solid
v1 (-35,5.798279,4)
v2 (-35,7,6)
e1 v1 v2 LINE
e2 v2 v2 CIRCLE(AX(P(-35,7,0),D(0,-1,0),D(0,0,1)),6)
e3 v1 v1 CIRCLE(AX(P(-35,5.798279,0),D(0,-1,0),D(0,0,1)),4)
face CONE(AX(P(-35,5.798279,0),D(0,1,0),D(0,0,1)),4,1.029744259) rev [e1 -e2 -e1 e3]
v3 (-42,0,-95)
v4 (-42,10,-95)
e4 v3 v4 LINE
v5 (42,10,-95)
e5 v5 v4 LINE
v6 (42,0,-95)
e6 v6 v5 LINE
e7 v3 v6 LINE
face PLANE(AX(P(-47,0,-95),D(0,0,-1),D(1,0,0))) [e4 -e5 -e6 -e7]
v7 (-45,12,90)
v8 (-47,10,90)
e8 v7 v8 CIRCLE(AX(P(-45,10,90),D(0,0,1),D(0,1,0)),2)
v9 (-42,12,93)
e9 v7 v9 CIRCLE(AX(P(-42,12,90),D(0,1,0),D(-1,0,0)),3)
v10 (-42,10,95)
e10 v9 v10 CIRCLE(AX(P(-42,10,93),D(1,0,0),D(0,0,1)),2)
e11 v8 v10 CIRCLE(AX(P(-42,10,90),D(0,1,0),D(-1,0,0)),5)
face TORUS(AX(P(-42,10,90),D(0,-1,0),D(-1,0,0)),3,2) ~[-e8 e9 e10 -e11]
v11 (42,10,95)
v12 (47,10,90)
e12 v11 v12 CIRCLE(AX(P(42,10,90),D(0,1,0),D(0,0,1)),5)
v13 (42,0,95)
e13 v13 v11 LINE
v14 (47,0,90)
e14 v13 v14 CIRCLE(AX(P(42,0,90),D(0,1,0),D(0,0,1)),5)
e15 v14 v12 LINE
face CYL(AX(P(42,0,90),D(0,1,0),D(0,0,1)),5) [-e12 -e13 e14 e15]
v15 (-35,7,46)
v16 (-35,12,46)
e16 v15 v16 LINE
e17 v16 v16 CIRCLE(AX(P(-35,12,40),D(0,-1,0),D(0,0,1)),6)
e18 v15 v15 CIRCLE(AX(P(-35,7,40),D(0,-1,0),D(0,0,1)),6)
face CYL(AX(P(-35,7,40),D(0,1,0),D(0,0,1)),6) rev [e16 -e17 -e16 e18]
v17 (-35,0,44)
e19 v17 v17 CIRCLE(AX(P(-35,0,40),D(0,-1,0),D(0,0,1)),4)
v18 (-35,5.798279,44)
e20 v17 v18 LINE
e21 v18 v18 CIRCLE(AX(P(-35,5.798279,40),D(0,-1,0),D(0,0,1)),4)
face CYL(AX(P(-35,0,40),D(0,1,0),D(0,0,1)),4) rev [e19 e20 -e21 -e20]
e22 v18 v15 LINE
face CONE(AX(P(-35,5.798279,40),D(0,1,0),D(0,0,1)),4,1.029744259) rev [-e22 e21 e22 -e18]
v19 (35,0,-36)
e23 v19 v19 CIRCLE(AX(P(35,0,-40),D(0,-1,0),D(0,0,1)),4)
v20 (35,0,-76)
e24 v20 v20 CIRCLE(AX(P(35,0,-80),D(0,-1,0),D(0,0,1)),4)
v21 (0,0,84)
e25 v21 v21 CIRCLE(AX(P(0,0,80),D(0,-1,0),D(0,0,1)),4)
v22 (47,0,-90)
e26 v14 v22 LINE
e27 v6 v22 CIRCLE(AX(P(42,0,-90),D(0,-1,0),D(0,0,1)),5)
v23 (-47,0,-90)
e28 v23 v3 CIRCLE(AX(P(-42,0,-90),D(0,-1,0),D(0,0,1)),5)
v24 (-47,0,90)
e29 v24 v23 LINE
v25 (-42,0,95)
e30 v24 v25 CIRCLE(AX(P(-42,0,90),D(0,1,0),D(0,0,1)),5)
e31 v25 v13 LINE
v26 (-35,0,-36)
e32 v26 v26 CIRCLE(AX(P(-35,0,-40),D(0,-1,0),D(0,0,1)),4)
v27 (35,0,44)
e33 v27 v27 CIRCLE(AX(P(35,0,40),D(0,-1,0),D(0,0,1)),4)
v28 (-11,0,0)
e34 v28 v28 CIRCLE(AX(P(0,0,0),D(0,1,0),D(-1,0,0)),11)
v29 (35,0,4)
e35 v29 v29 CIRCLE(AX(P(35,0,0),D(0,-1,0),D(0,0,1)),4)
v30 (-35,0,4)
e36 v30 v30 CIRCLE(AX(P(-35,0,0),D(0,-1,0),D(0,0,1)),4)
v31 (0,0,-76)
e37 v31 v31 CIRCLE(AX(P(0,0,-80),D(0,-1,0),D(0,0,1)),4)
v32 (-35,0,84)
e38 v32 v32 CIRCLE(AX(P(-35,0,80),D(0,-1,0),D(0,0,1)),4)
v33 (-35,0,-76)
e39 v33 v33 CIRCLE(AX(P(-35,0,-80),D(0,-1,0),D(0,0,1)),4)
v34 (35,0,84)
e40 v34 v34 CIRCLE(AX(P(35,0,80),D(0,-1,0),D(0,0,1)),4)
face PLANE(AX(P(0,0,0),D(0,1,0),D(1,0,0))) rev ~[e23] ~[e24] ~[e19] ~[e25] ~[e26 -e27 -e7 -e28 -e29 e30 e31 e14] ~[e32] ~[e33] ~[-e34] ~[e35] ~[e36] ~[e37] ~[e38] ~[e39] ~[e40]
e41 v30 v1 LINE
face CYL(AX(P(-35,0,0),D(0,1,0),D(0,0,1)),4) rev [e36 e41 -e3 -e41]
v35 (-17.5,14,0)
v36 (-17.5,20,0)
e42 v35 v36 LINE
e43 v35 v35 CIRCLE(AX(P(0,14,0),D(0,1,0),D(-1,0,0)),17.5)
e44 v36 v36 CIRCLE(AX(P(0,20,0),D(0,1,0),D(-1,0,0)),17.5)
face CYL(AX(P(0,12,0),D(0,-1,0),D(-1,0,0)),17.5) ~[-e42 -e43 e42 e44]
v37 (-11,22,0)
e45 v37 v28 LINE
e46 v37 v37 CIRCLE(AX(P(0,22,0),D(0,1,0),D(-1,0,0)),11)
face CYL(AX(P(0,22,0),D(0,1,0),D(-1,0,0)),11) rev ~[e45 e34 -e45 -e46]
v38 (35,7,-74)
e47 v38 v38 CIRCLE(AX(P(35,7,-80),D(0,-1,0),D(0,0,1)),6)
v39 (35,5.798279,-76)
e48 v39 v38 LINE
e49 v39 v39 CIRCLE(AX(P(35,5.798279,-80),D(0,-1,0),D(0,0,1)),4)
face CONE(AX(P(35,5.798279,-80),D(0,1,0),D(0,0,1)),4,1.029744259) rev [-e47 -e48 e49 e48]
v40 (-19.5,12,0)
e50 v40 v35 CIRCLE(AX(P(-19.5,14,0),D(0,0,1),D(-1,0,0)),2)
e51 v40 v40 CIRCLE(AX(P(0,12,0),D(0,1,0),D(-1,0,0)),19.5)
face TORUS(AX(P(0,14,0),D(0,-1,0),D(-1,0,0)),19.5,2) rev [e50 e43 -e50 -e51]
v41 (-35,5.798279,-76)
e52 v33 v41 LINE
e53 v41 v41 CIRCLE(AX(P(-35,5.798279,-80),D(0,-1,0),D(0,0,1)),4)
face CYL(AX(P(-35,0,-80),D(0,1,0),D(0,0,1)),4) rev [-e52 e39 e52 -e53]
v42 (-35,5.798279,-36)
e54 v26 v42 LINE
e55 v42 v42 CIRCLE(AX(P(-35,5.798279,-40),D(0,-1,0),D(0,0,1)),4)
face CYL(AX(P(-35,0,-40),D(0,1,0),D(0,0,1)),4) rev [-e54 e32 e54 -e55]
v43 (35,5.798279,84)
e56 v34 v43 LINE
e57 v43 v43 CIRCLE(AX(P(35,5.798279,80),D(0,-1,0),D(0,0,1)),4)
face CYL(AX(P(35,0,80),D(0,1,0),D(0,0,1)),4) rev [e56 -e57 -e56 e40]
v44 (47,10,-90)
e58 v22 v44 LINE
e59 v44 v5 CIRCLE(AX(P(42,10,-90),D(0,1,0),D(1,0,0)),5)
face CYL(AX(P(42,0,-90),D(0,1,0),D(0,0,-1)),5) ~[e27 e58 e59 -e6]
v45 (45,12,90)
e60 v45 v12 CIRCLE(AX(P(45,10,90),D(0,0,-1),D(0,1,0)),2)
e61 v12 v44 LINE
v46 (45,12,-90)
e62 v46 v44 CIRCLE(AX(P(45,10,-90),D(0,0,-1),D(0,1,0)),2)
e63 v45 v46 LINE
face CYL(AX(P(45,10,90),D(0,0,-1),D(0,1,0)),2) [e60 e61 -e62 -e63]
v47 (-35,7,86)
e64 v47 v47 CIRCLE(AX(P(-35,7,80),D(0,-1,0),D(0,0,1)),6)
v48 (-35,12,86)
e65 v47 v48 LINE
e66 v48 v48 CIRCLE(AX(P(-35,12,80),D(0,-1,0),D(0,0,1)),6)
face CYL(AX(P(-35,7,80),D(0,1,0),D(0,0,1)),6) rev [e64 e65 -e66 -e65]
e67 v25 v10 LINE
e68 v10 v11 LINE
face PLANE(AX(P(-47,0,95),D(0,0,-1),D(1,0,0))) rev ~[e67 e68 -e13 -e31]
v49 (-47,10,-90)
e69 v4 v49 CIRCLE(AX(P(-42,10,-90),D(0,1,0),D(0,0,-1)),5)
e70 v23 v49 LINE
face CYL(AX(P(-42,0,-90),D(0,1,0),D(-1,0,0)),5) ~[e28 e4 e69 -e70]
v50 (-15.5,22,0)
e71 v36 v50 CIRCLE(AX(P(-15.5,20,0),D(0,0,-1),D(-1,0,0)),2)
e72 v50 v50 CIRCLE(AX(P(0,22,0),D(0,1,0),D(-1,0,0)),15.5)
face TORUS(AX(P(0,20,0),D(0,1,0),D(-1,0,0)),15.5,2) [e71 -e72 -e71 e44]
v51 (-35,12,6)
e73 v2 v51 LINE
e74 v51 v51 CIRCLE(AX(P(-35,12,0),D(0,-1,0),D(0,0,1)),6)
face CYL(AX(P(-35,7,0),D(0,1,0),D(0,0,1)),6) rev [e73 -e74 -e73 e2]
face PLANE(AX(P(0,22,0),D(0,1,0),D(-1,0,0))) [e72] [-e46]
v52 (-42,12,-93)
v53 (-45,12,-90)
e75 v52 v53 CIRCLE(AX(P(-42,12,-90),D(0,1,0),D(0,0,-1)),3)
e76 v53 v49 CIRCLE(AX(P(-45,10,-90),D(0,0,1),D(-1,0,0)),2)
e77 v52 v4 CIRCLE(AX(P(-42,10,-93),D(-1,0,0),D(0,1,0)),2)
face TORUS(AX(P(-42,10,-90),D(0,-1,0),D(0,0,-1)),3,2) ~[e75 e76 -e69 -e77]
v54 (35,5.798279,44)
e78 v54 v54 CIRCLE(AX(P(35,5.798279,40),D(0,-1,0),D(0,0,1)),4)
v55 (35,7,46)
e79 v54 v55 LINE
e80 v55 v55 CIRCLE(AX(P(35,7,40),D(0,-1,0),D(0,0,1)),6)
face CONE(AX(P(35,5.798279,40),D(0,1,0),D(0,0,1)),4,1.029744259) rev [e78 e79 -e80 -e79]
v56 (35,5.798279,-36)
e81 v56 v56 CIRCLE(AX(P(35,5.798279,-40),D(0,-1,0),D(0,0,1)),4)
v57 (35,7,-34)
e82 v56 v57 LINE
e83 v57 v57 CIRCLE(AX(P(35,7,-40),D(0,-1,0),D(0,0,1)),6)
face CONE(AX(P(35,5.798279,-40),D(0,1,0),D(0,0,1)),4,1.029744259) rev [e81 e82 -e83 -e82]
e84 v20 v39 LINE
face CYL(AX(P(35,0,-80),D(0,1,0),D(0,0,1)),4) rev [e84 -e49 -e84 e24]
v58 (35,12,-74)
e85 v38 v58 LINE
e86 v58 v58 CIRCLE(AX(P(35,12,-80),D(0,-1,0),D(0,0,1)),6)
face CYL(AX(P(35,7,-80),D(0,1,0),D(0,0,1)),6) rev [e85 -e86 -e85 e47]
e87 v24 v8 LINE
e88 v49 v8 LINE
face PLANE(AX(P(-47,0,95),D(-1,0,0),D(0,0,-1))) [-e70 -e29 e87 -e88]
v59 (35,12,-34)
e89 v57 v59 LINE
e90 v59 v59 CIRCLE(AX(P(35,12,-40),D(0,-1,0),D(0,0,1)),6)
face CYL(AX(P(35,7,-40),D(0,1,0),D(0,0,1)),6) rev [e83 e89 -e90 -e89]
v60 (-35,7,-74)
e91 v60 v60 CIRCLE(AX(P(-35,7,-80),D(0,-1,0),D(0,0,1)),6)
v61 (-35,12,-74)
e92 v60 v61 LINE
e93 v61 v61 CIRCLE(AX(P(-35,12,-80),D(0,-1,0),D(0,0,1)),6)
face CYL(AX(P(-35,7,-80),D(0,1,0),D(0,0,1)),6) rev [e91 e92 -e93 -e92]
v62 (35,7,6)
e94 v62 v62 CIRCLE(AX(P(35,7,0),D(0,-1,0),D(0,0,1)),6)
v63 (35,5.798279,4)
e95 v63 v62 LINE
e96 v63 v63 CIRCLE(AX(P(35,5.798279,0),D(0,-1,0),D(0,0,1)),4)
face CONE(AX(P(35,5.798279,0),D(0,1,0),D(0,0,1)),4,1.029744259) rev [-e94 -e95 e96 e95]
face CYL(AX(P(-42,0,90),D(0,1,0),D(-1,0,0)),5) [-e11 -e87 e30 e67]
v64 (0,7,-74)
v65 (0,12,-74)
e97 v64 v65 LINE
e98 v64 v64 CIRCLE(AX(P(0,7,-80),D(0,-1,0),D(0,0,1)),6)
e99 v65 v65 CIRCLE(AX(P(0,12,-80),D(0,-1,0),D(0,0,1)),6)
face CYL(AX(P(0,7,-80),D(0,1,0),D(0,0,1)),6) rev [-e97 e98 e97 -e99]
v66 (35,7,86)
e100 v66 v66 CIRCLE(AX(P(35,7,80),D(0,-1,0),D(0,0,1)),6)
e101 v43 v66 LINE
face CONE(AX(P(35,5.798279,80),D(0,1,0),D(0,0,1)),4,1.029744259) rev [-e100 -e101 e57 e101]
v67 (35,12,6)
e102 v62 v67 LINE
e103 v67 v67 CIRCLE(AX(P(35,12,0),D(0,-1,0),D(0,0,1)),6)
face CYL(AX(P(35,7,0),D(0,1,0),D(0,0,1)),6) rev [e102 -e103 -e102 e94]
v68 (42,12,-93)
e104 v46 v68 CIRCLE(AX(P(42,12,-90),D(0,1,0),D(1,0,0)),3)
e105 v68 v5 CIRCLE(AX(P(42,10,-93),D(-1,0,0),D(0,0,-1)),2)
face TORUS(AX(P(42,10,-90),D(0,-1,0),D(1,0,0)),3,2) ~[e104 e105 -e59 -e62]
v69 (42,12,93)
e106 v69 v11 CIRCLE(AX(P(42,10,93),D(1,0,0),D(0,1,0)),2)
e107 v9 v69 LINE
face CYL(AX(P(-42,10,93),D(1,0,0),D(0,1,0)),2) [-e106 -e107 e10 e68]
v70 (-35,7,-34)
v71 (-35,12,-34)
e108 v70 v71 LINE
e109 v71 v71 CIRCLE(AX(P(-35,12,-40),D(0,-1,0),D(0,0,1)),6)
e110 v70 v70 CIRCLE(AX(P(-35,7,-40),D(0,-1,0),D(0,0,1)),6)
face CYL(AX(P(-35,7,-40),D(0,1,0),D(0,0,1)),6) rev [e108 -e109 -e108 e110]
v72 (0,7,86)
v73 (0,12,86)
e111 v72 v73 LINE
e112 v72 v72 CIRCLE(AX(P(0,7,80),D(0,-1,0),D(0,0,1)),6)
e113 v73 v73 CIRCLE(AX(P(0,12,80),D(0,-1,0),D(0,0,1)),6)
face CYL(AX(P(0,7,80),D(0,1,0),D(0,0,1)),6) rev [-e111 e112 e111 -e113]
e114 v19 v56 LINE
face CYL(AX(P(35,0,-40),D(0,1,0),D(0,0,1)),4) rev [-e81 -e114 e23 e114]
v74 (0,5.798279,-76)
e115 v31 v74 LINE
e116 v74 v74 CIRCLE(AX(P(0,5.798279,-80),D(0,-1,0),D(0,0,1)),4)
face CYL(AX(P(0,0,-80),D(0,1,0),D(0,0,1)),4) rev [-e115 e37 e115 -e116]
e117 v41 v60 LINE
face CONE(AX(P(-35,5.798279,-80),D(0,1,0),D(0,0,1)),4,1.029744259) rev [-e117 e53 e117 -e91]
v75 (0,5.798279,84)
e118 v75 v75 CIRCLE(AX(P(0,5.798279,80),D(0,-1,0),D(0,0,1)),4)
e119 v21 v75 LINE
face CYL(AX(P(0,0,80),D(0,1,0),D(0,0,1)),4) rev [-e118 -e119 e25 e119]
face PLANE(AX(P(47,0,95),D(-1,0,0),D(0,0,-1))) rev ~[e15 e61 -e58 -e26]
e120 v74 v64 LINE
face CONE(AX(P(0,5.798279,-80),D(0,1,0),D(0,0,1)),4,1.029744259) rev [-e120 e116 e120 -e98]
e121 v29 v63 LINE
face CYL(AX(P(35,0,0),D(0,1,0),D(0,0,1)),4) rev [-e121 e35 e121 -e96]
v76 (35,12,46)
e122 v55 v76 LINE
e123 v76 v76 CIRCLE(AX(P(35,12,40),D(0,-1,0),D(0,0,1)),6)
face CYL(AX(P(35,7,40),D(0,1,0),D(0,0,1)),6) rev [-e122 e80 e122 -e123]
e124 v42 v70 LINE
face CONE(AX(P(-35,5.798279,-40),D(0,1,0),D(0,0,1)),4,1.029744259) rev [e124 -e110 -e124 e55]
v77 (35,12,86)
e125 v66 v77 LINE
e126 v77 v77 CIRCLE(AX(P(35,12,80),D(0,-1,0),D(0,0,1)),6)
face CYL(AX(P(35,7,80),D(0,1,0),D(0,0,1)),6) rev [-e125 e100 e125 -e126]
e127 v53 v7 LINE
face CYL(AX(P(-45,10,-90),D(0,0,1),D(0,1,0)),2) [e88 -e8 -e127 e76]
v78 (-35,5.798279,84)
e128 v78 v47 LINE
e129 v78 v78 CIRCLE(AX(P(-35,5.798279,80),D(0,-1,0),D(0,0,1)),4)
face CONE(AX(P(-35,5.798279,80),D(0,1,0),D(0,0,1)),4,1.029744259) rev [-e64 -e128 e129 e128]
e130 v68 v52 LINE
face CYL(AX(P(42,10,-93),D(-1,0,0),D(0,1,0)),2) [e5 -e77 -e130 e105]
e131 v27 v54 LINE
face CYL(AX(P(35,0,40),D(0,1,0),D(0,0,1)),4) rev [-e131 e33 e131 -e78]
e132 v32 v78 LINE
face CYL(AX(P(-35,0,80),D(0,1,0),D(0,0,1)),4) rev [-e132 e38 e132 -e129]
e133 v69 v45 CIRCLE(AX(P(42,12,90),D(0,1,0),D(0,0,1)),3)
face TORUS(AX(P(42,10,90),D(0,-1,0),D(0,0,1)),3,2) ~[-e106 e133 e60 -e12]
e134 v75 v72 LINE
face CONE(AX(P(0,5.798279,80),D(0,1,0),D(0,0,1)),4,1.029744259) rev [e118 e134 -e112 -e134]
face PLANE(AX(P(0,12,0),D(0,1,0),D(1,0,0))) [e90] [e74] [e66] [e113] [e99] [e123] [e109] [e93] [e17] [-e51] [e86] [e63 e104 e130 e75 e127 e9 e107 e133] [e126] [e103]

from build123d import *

# Parameters (mm, degrees)
SKETCH1_W            = 94
SKETCH1_H            = 190
PLATE_DEPTH          = 12
SKETCH2_R            = 17.5
BOSS_DEPTH           = 10
SKETCH3_R            = 11
CENTER_HOLE_DEPTH    = 23
FILLET_R5_R          = 5
FILLET_R2_R          = 2
LPATTERN1_COUNT      = 5
LPATTERN1_PITCH      = 40
LPATTERN1_COUNT_DIR2 = 2
LPATTERN1_PITCH_DIR2 = 70
LPATTERN2_COUNT      = 2
LPATTERN2_PITCH      = 35


with BuildPart() as part:
    # Sketch1 → plate (new body)
    with BuildSketch(Plane(origin=(0, 0, 0), x_dir=(1, 0, 0), z_dir=(0, 1, 0))):
        Rectangle(SKETCH1_W, SKETCH1_H)
    extrude(amount=PLATE_DEPTH)

    # Sketch2 → boss (add)
    with BuildSketch(Plane(origin=(0, 12, 0), x_dir=(-1, 0, 0), z_dir=(0, 1, 0))):
        Circle(SKETCH2_R)
    extrude(amount=BOSS_DEPTH)

    # Sketch3 → center hole (cut, through all)
    with BuildSketch(Plane(origin=(0, 22, 0), x_dir=(-1, 0, 0), z_dir=(0, 1, 0))):
        Circle(SKETCH3_R)
    extrude(amount=-CENTER_HOLE_DEPTH, mode=Mode.SUBTRACT)

    # Sketch4 → pattern hole (revolve, cut)
    with BuildSketch(Plane(origin=(-35, 12, 80), x_dir=(0, 0, 1), z_dir=(1, 0, 0))):
        Polygon((0, 0), (0, 12), (4, 12), (4, 6.201721238), (6, 5), (6, 0), align=None)
    pattern_hole = revolve(axis=Axis((-35, 18.130023899, 80), (0, -1, 0)), mode=Mode.SUBTRACT)

    # Fillet R5
    fillet_r5_edges = [part.edges().sort_by_distance(p)[0] for p in [
        (-47, 6, -95),
        (47, 6, -95),
        (47, 6, 95),
        (-47, 6, 95),
    ]]
    fillet(fillet_r5_edges, radius=FILLET_R5_R)

    # Fillet R2
    fillet_r2_edges = [part.edges().sort_by_distance(p)[0] for p in [
        (17.5, 12, 0),
        (17.5, 22, 0),
        (47, 12, 0),
        (0, 12, 95),
        (-47, 12, 0),
        (0, 12, -95),
        (45.535533906, 12, -93.535533906),
        (-45.535533906, 12, -93.535533906),
        (-45.535533906, 12, 93.535533906),
        (45.535533906, 12, 93.535533906),
    ]]
    fillet(fillet_r2_edges, radius=FILLET_R2_R)

    # LPattern1: pattern hole 5 × 2
    with Locations(*[(j * LPATTERN1_PITCH_DIR2, 0, -i * LPATTERN1_PITCH) for i in range(LPATTERN1_COUNT) for j in range(LPATTERN1_COUNT_DIR2) if (i, j) != (0, 0)]):
        add(pattern_hole, mode=Mode.SUBTRACT)

    # LPattern2: pattern hole ×2
    with Locations(*[(i * LPATTERN2_PITCH, 0, 0) for i in range(1, LPATTERN2_COUNT)]):
        add(pattern_hole, mode=Mode.SUBTRACT)

    # LPattern3 copy 1 sketch → LPattern3 copy 1 (revolve, cut)
    with BuildSketch(Plane(origin=(0, 12, -80), x_dir=(0, 0, 1), z_dir=(1, 0, 0))):
        Polygon((0, 0), (0, 12), (4, 12), (4, 6.201721238), (6, 5), (6, 0), align=None)
    revolve(axis=Axis((0, 18.130023899, -80), (0, -1, 0)), mode=Mode.SUBTRACT)

    # LPattern3 copy 2 sketch → LPattern3 copy 2 (revolve, cut)
    with BuildSketch(Plane(origin=(-35, 12, -80), x_dir=(0, 0, 1), z_dir=(1, 0, 0))):
        Polygon((0, 0), (0, 12), (4, 12), (4, 6.201721238), (6, 5), (6, 0), align=None)
    revolve(axis=Axis((-35, 18.130023899, -80), (0, -1, 0)), mode=Mode.SUBTRACT)


solid = part.part
